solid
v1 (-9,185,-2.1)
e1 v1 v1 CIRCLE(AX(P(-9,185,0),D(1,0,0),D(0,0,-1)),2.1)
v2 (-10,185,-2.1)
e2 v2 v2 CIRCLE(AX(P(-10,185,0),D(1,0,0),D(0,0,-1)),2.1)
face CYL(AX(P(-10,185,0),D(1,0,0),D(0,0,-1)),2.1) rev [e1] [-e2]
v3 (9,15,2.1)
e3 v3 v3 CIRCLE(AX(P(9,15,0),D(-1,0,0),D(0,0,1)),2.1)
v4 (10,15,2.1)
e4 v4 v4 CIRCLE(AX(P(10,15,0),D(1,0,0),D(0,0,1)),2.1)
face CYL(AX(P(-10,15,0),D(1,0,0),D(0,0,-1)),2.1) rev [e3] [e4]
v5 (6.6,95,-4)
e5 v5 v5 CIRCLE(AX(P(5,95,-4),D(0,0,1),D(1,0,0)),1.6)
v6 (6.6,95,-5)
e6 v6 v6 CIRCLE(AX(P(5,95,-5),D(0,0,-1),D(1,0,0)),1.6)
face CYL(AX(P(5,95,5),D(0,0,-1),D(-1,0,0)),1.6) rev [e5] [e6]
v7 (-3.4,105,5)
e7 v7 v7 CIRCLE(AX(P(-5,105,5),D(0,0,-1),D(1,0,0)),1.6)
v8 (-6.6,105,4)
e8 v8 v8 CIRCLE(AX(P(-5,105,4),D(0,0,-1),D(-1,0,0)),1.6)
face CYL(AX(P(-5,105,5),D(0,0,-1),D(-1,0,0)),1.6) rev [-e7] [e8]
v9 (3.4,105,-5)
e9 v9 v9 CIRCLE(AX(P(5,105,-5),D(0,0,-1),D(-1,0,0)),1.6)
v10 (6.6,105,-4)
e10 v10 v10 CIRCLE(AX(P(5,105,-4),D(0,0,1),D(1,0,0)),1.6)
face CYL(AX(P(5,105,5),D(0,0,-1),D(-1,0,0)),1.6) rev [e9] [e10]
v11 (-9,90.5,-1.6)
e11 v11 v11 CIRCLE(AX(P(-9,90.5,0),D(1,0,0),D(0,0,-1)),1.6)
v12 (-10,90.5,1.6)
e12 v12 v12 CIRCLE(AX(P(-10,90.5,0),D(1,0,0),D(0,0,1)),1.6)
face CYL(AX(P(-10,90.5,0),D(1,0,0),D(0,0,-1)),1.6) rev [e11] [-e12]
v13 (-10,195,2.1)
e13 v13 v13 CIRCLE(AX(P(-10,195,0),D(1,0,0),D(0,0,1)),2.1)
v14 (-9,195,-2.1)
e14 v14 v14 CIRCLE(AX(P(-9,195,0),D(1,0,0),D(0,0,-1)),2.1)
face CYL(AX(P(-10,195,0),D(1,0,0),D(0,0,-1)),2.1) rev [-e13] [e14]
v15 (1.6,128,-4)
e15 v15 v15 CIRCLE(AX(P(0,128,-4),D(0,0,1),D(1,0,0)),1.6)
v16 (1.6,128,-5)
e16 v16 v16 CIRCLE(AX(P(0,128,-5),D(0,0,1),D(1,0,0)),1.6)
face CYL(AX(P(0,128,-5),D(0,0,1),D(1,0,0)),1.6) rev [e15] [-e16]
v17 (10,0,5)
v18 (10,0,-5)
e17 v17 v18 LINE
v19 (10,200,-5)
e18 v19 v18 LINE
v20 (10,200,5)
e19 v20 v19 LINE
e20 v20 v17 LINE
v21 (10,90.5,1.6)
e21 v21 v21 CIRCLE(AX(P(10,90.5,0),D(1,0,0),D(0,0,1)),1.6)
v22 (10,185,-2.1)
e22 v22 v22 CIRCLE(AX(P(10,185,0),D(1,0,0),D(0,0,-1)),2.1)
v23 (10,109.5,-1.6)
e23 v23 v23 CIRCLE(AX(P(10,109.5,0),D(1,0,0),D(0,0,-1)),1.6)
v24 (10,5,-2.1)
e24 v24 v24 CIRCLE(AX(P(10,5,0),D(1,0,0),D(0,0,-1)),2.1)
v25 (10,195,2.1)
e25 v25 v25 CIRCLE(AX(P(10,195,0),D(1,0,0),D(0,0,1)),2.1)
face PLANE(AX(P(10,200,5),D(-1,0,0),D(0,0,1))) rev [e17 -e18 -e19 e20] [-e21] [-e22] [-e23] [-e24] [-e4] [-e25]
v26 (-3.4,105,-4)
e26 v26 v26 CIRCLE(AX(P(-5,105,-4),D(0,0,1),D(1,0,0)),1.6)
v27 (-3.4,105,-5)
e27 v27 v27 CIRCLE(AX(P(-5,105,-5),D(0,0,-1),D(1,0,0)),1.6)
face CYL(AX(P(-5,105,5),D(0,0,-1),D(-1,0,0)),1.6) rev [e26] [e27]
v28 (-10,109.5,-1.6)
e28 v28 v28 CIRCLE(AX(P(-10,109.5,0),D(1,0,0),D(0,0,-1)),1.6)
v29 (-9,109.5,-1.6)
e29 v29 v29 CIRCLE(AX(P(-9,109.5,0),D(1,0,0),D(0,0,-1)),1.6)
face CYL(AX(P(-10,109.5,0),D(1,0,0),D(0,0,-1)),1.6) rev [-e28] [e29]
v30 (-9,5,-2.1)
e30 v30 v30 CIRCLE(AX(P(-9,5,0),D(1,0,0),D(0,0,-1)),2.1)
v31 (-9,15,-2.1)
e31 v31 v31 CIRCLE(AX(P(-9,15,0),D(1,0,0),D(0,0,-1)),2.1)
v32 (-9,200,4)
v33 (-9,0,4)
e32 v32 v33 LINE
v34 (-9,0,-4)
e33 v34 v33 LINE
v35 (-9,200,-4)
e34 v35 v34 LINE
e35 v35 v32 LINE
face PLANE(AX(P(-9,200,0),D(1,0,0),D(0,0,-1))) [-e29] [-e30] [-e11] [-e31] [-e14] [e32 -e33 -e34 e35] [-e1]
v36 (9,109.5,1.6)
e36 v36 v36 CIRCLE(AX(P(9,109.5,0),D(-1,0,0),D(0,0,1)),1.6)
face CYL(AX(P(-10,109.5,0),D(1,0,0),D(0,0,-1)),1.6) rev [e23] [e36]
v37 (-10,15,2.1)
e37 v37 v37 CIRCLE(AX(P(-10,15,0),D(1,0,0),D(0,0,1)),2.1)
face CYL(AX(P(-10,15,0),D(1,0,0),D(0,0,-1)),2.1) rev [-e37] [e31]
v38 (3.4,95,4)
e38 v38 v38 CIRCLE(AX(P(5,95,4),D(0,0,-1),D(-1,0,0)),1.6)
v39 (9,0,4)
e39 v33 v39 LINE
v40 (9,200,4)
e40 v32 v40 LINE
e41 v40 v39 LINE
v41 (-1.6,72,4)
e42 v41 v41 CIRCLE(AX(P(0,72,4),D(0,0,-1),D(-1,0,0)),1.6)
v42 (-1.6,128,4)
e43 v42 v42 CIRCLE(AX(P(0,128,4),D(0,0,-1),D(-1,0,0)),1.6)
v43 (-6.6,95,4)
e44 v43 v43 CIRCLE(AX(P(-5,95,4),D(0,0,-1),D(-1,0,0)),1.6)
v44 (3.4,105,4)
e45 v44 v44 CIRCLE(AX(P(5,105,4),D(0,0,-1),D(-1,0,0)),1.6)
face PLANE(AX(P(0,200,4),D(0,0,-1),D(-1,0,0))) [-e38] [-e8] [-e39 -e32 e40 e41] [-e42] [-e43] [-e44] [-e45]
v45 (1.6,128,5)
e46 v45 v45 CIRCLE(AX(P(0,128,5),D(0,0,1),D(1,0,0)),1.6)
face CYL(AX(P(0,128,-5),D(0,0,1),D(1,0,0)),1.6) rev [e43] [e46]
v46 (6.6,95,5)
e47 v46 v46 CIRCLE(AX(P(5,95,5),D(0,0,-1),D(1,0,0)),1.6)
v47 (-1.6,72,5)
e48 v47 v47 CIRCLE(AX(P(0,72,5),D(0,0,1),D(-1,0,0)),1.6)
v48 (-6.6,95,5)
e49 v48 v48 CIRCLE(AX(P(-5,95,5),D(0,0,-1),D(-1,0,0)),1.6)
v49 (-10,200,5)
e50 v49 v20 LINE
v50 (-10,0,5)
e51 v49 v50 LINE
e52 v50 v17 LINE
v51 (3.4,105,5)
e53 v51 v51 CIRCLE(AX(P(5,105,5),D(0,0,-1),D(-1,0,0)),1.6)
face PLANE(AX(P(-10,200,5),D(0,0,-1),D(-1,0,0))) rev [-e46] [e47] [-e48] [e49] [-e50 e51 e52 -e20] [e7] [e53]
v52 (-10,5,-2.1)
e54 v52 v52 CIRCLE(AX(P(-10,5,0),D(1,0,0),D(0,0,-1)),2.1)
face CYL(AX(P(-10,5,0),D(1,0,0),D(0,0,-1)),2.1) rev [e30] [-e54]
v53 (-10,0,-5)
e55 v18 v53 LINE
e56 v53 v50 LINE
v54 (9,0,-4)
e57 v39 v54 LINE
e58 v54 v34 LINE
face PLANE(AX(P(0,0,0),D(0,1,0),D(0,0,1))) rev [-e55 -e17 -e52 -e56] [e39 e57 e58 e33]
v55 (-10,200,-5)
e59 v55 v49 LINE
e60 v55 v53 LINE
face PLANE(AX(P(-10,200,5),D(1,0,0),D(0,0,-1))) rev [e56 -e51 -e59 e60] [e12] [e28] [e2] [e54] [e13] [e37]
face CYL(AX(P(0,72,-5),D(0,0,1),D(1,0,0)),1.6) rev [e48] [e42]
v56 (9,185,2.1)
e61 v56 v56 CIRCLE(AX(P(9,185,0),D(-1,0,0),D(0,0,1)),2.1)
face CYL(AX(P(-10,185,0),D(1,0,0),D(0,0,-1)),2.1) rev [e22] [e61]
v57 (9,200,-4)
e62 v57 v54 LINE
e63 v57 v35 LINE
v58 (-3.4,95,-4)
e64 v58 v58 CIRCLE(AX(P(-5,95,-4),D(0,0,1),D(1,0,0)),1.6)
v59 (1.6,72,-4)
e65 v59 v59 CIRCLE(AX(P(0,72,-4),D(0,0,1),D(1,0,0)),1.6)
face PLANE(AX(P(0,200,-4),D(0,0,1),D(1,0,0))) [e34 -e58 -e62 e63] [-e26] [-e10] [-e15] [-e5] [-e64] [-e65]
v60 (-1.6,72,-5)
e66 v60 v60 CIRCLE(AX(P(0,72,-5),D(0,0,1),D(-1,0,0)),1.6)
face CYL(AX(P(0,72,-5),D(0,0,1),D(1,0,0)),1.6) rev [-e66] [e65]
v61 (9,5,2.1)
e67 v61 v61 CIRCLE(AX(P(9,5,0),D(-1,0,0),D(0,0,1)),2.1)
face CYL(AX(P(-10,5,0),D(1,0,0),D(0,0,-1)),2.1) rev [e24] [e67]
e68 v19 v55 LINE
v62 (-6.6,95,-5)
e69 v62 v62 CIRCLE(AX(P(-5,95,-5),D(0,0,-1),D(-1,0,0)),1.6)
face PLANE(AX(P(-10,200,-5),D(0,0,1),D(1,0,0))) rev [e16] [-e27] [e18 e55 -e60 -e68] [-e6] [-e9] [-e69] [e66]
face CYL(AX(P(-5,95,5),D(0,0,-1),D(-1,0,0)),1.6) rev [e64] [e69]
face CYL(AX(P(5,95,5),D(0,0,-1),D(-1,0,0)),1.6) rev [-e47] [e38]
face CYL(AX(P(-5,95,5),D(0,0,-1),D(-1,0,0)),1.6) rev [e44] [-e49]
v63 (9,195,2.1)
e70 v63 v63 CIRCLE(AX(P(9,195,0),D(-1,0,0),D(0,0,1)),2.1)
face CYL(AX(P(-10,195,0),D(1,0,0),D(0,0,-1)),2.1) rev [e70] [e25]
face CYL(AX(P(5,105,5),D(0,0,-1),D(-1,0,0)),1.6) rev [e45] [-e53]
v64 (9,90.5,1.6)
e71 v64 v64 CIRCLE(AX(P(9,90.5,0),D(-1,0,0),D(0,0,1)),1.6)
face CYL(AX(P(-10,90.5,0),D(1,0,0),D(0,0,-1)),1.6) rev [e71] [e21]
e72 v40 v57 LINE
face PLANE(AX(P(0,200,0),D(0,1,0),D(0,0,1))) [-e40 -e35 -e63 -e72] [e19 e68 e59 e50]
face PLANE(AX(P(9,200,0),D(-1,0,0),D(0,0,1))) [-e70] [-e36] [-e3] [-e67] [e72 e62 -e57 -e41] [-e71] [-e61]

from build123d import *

# Parameters (mm, degrees)
SKETCH_1_W          = 20
SKETCH_1_H          = 10
SKETCH_1_W_2        = 18
SKETCH_1_H_2        = 8
EXTRUDE_1_DEPTH     = 200
SKETCH_3_R          = 1.6
CUT_EXTRUDE_1_DEPTH = 201.499376558
SKETCH_4_R          = 1.6
CUT_EXTRUDE_2_DEPTH = 202.059692629
SKETCH_5_R          = 1.6
CUT_EXTRUDE_3_DEPTH = 201.499376558
SKETCH_6_R          = 2.1
CUT_EXTRUDE_4_DEPTH = 202.059692629


with BuildPart() as part:
    # 草图1 → 拉伸-薄壁1 (new body)
    with BuildSketch(Plane(origin=(0, 0, 0), x_dir=(1, 0, 0), z_dir=(0, 1, 0))):
        Rectangle(SKETCH_1_W, SKETCH_1_H)
        Rectangle(SKETCH_1_W_2, SKETCH_1_H_2, mode=Mode.SUBTRACT)
    extrude(amount=EXTRUDE_1_DEPTH)

    # 草图3 → 切除-拉伸1 (cut, through all)
    with BuildSketch(Plane.XY.offset(5)):
        with Locations((0, 128)):
            Circle(SKETCH_3_R)
        with Locations(Location((0, 72, 0), (0, 0, 180))):
            Circle(SKETCH_3_R)
    extrude(amount=-CUT_EXTRUDE_1_DEPTH, mode=Mode.SUBTRACT)

    # 草图4 → 切除-拉伸2 (cut, through all)
    with BuildSketch(Plane(origin=(10, 0, 0), x_dir=(0, 0, -1), z_dir=(1, 0, 0))):
        with Locations((0, 109.5)):
            Circle(SKETCH_4_R)
        with Locations((0, 90.5)):
            Circle(SKETCH_4_R)
    extrude(amount=-CUT_EXTRUDE_2_DEPTH, mode=Mode.SUBTRACT)

    # 草图5 → 切除-拉伸3 (cut, through all)
    with BuildSketch(Plane(origin=(0, 0, -5), x_dir=(-1, 0, 0), z_dir=(0, 0, -1))):
        with Locations((-5, 105)):
            Circle(SKETCH_5_R)
        with Locations((-5, 95)):
            Circle(SKETCH_5_R)
        with Locations((5, 95)):
            Circle(SKETCH_5_R)
        with Locations((5, 105)):
            Circle(SKETCH_5_R)
    extrude(amount=-CUT_EXTRUDE_3_DEPTH, mode=Mode.SUBTRACT)

    # 草图6 → 切除-拉伸4 (cut, through all)
    with BuildSketch(Plane(origin=(10, 0, 0), x_dir=(0, 0, -1), z_dir=(1, 0, 0))):
        with Locations((0, 5)):
            Circle(SKETCH_6_R)
        with Locations((0, 15)):
            Circle(SKETCH_6_R)
        with Locations((0, 185)):
            Circle(SKETCH_6_R)
        with Locations((0, 195)):
            Circle(SKETCH_6_R)
    extrude(amount=-CUT_EXTRUDE_4_DEPTH, mode=Mode.SUBTRACT)


solid = part.part
